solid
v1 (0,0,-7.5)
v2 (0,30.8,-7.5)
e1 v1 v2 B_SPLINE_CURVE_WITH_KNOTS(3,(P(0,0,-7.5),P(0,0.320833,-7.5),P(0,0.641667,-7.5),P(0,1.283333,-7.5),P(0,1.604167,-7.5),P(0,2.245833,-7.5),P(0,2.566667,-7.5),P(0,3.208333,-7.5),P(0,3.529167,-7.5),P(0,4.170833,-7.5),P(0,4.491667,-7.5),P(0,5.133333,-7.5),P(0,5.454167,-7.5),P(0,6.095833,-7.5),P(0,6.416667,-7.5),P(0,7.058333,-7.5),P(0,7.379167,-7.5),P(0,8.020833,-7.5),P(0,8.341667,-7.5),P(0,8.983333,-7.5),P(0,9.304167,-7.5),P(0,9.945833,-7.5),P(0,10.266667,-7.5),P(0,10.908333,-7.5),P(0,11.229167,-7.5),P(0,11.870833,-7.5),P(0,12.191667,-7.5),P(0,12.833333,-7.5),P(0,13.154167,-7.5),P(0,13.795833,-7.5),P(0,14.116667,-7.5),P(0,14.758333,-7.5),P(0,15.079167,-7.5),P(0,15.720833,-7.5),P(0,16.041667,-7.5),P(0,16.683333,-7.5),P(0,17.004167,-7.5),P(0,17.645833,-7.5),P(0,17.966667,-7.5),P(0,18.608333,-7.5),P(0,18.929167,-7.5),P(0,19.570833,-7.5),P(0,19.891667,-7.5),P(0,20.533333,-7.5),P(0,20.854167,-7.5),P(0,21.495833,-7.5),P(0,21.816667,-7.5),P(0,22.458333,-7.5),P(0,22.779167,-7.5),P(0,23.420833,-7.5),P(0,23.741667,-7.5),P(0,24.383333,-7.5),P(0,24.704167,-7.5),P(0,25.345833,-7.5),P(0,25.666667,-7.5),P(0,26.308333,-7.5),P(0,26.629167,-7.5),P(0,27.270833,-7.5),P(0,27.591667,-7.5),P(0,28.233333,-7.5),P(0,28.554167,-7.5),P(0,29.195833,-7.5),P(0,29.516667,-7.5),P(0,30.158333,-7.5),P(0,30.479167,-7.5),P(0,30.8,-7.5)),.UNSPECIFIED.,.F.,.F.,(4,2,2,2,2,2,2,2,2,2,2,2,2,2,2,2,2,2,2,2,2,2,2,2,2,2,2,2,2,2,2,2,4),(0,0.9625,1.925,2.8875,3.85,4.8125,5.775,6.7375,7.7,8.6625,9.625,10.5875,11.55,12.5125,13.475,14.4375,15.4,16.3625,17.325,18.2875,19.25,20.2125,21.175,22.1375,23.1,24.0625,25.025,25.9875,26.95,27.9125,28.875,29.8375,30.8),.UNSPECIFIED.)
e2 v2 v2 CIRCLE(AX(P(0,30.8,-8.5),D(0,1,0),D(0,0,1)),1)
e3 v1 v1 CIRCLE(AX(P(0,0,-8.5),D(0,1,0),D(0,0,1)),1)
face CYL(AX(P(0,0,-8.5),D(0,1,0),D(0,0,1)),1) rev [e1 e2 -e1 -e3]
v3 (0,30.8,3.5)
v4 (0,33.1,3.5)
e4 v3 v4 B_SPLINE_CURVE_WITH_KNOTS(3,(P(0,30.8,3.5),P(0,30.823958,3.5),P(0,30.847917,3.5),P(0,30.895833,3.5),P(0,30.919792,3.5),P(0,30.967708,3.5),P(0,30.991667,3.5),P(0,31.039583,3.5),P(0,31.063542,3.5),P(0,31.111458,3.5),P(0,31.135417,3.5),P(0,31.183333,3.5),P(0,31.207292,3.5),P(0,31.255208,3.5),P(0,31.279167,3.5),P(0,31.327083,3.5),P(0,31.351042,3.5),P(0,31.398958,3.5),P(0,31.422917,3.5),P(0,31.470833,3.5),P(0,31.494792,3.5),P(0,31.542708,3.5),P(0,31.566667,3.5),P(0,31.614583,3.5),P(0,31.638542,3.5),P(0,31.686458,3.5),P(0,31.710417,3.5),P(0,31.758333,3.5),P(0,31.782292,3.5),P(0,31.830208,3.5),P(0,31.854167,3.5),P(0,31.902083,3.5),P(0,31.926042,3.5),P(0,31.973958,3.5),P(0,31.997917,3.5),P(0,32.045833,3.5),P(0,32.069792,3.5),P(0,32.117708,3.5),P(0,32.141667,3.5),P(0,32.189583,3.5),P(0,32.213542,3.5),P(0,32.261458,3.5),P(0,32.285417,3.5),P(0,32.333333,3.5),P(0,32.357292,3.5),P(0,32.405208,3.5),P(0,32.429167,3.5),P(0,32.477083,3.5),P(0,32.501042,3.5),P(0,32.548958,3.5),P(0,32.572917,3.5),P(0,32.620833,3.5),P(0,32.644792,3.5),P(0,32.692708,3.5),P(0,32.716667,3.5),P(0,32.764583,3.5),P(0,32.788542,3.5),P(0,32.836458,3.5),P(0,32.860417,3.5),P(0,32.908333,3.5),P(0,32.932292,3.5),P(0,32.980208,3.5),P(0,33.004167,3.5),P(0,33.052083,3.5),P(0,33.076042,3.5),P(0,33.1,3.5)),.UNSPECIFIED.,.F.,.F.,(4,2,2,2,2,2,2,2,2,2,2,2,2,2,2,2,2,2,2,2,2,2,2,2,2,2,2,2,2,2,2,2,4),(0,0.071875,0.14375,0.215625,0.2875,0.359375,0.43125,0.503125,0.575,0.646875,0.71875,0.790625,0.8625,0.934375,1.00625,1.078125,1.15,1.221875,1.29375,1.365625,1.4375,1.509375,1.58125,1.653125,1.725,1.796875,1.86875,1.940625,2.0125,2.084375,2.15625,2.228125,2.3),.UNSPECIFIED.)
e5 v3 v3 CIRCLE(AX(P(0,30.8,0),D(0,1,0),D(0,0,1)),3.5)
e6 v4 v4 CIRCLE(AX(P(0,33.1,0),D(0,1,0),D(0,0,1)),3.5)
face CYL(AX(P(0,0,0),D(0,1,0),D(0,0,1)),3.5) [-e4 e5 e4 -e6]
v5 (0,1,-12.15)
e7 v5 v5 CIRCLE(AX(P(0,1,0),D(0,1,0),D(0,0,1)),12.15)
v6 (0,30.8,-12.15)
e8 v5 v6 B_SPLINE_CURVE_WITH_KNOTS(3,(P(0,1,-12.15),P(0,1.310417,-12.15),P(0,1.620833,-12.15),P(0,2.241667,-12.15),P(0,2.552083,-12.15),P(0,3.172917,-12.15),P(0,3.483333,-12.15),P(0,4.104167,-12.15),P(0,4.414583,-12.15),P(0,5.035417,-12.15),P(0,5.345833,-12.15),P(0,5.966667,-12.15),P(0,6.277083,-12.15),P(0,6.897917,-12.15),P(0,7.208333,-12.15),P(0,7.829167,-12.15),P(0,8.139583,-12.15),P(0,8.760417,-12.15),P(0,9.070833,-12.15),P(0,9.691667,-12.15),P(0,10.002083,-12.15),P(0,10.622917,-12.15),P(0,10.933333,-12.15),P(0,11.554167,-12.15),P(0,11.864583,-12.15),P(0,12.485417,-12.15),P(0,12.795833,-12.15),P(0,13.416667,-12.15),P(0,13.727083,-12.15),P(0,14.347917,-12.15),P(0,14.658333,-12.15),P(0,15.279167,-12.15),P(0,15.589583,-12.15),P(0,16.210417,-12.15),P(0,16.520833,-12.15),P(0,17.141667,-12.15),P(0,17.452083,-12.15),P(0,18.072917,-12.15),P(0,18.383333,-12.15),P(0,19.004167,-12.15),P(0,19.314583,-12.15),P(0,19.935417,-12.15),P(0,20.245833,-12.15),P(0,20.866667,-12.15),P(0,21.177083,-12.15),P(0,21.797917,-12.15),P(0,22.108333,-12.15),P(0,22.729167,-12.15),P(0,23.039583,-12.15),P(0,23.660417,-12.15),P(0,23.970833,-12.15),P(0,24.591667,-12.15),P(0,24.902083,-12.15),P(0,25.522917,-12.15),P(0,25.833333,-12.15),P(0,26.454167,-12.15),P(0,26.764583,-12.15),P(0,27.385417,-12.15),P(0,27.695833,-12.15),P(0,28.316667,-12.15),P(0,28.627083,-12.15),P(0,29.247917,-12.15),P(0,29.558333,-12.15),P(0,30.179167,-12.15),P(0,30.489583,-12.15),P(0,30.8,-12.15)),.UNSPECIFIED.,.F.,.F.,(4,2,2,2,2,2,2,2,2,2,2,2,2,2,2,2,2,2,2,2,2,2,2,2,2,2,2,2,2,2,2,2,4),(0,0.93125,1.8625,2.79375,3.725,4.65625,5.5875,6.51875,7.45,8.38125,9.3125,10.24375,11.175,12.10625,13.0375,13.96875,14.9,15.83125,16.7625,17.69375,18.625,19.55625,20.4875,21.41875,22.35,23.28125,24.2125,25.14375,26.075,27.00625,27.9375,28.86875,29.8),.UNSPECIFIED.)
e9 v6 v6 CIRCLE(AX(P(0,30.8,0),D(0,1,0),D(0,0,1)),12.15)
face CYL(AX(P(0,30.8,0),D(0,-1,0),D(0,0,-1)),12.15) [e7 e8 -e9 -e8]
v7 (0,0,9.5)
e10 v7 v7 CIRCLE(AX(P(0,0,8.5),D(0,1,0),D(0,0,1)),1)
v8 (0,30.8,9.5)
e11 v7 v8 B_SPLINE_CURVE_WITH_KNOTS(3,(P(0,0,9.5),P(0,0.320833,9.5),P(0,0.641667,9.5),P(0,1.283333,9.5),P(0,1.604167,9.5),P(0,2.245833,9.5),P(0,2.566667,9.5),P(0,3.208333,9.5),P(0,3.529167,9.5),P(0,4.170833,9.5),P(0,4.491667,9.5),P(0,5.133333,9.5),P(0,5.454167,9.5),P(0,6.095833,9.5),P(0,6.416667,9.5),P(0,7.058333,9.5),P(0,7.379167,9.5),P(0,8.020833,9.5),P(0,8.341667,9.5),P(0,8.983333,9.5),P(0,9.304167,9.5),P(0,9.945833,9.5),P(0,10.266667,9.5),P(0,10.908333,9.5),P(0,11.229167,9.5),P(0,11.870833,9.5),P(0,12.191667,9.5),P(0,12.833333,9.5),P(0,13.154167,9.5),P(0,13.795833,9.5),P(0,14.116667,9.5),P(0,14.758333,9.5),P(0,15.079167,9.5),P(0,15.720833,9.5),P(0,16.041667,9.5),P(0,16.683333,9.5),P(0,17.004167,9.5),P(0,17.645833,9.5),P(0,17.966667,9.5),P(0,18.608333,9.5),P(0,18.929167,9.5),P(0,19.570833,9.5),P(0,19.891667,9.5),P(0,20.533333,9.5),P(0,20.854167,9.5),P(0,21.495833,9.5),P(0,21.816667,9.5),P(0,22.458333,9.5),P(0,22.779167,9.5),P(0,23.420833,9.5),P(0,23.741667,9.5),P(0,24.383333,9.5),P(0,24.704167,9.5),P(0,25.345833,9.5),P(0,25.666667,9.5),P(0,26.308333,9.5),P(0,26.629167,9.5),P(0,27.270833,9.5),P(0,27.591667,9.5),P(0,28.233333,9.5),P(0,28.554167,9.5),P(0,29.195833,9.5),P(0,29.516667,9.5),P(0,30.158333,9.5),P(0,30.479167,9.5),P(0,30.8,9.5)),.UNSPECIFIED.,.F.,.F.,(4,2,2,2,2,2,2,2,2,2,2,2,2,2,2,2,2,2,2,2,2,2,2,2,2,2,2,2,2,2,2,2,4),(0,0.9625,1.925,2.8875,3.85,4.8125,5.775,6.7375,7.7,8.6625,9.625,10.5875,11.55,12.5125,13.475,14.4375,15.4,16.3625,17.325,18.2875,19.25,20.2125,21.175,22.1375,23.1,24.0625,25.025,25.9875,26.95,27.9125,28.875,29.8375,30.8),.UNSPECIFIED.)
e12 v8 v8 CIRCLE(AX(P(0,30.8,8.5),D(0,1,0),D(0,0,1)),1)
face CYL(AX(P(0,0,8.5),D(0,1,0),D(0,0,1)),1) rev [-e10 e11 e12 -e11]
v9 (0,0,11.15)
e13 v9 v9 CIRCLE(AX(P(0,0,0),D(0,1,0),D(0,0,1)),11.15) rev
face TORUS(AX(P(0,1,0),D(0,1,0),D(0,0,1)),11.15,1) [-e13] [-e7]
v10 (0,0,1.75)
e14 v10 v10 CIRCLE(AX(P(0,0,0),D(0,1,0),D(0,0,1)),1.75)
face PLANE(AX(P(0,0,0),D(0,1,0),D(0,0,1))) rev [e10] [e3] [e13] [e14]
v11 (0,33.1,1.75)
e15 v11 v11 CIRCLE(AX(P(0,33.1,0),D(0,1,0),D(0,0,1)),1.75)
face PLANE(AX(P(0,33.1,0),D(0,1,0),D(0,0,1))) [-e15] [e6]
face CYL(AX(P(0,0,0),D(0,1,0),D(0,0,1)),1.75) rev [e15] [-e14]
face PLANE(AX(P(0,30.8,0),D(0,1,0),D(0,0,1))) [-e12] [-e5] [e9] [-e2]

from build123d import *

# Parameters (mm, degrees)
SKETCH_1_R           = 12.15
EXTRUDE_1_DEPTH      = 30.8
FILLET_1_R           = 1
EXTRUDE_2_DEPTH      = 2.3
EXTRUDE_2_DEPTH_BACK = 30.8
SKETCH_2_R           = 3.5
SKETCH_3_R           = 1
CUT_EXTRUDE_1_DEPTH  = 36.268753911
SKETCH_4_R           = 1.75
CUT_EXTRUDE_2_DEPTH  = 38.294168478


with BuildPart() as part:
    # 草图1 → 凸台-拉伸1 (new body)
    with BuildSketch(Plane(origin=(0, 0, 0), x_dir=(1, 0, 0), z_dir=(0, 1, 0))):
        with Locations(Location((0, 0, 0), (0, 0, 90))):
            Circle(SKETCH_1_R)
    extrude(amount=EXTRUDE_1_DEPTH)

    # 圆角1
    fillet_1_edges = [part.edges().sort_by_distance(p)[0] for p in [
        (0, 0, 12.15),
    ]]
    fillet(fillet_1_edges, radius=FILLET_1_R)

    # 草图2 → 凸台-拉伸2 (add, two sides: drawn at the far end of the back side and taken through both)
    with BuildSketch(Plane(origin=(0, 30.8, 0), x_dir=(1, 0, 0), z_dir=(0, 1, 0)).offset(-EXTRUDE_2_DEPTH_BACK)):
        with Locations(Location((0, 0, 0), (0, 0, 270))):
            Circle(SKETCH_2_R)
    extrude(amount=EXTRUDE_2_DEPTH + EXTRUDE_2_DEPTH_BACK)

    # 草图3 → 切除-拉伸1 (cut, through all)
    with BuildSketch(Plane(origin=(0, 30.8, 0), x_dir=(1, 0, 0), z_dir=(0, 1, 0))):
        with Locations(Location((0, 8.5, 0), (0, 0, 270))):
            Circle(SKETCH_3_R)
        with Locations(Location((0, -8.5, 0), (0, 0, 270))):
            Circle(SKETCH_3_R)
    extrude(amount=-CUT_EXTRUDE_1_DEPTH, mode=Mode.SUBTRACT)

    # 草图4 → 切除-拉伸2 (cut, through all)
    with BuildSketch(Plane(origin=(0, 33.1, 0), x_dir=(1, 0, 0), z_dir=(0, 1, 0))):
        with Locations(Location((0, 0, 0), (0, 0, 270))):
            Circle(SKETCH_4_R)
    extrude(amount=-CUT_EXTRUDE_2_DEPTH, mode=Mode.SUBTRACT)


solid = part.part
